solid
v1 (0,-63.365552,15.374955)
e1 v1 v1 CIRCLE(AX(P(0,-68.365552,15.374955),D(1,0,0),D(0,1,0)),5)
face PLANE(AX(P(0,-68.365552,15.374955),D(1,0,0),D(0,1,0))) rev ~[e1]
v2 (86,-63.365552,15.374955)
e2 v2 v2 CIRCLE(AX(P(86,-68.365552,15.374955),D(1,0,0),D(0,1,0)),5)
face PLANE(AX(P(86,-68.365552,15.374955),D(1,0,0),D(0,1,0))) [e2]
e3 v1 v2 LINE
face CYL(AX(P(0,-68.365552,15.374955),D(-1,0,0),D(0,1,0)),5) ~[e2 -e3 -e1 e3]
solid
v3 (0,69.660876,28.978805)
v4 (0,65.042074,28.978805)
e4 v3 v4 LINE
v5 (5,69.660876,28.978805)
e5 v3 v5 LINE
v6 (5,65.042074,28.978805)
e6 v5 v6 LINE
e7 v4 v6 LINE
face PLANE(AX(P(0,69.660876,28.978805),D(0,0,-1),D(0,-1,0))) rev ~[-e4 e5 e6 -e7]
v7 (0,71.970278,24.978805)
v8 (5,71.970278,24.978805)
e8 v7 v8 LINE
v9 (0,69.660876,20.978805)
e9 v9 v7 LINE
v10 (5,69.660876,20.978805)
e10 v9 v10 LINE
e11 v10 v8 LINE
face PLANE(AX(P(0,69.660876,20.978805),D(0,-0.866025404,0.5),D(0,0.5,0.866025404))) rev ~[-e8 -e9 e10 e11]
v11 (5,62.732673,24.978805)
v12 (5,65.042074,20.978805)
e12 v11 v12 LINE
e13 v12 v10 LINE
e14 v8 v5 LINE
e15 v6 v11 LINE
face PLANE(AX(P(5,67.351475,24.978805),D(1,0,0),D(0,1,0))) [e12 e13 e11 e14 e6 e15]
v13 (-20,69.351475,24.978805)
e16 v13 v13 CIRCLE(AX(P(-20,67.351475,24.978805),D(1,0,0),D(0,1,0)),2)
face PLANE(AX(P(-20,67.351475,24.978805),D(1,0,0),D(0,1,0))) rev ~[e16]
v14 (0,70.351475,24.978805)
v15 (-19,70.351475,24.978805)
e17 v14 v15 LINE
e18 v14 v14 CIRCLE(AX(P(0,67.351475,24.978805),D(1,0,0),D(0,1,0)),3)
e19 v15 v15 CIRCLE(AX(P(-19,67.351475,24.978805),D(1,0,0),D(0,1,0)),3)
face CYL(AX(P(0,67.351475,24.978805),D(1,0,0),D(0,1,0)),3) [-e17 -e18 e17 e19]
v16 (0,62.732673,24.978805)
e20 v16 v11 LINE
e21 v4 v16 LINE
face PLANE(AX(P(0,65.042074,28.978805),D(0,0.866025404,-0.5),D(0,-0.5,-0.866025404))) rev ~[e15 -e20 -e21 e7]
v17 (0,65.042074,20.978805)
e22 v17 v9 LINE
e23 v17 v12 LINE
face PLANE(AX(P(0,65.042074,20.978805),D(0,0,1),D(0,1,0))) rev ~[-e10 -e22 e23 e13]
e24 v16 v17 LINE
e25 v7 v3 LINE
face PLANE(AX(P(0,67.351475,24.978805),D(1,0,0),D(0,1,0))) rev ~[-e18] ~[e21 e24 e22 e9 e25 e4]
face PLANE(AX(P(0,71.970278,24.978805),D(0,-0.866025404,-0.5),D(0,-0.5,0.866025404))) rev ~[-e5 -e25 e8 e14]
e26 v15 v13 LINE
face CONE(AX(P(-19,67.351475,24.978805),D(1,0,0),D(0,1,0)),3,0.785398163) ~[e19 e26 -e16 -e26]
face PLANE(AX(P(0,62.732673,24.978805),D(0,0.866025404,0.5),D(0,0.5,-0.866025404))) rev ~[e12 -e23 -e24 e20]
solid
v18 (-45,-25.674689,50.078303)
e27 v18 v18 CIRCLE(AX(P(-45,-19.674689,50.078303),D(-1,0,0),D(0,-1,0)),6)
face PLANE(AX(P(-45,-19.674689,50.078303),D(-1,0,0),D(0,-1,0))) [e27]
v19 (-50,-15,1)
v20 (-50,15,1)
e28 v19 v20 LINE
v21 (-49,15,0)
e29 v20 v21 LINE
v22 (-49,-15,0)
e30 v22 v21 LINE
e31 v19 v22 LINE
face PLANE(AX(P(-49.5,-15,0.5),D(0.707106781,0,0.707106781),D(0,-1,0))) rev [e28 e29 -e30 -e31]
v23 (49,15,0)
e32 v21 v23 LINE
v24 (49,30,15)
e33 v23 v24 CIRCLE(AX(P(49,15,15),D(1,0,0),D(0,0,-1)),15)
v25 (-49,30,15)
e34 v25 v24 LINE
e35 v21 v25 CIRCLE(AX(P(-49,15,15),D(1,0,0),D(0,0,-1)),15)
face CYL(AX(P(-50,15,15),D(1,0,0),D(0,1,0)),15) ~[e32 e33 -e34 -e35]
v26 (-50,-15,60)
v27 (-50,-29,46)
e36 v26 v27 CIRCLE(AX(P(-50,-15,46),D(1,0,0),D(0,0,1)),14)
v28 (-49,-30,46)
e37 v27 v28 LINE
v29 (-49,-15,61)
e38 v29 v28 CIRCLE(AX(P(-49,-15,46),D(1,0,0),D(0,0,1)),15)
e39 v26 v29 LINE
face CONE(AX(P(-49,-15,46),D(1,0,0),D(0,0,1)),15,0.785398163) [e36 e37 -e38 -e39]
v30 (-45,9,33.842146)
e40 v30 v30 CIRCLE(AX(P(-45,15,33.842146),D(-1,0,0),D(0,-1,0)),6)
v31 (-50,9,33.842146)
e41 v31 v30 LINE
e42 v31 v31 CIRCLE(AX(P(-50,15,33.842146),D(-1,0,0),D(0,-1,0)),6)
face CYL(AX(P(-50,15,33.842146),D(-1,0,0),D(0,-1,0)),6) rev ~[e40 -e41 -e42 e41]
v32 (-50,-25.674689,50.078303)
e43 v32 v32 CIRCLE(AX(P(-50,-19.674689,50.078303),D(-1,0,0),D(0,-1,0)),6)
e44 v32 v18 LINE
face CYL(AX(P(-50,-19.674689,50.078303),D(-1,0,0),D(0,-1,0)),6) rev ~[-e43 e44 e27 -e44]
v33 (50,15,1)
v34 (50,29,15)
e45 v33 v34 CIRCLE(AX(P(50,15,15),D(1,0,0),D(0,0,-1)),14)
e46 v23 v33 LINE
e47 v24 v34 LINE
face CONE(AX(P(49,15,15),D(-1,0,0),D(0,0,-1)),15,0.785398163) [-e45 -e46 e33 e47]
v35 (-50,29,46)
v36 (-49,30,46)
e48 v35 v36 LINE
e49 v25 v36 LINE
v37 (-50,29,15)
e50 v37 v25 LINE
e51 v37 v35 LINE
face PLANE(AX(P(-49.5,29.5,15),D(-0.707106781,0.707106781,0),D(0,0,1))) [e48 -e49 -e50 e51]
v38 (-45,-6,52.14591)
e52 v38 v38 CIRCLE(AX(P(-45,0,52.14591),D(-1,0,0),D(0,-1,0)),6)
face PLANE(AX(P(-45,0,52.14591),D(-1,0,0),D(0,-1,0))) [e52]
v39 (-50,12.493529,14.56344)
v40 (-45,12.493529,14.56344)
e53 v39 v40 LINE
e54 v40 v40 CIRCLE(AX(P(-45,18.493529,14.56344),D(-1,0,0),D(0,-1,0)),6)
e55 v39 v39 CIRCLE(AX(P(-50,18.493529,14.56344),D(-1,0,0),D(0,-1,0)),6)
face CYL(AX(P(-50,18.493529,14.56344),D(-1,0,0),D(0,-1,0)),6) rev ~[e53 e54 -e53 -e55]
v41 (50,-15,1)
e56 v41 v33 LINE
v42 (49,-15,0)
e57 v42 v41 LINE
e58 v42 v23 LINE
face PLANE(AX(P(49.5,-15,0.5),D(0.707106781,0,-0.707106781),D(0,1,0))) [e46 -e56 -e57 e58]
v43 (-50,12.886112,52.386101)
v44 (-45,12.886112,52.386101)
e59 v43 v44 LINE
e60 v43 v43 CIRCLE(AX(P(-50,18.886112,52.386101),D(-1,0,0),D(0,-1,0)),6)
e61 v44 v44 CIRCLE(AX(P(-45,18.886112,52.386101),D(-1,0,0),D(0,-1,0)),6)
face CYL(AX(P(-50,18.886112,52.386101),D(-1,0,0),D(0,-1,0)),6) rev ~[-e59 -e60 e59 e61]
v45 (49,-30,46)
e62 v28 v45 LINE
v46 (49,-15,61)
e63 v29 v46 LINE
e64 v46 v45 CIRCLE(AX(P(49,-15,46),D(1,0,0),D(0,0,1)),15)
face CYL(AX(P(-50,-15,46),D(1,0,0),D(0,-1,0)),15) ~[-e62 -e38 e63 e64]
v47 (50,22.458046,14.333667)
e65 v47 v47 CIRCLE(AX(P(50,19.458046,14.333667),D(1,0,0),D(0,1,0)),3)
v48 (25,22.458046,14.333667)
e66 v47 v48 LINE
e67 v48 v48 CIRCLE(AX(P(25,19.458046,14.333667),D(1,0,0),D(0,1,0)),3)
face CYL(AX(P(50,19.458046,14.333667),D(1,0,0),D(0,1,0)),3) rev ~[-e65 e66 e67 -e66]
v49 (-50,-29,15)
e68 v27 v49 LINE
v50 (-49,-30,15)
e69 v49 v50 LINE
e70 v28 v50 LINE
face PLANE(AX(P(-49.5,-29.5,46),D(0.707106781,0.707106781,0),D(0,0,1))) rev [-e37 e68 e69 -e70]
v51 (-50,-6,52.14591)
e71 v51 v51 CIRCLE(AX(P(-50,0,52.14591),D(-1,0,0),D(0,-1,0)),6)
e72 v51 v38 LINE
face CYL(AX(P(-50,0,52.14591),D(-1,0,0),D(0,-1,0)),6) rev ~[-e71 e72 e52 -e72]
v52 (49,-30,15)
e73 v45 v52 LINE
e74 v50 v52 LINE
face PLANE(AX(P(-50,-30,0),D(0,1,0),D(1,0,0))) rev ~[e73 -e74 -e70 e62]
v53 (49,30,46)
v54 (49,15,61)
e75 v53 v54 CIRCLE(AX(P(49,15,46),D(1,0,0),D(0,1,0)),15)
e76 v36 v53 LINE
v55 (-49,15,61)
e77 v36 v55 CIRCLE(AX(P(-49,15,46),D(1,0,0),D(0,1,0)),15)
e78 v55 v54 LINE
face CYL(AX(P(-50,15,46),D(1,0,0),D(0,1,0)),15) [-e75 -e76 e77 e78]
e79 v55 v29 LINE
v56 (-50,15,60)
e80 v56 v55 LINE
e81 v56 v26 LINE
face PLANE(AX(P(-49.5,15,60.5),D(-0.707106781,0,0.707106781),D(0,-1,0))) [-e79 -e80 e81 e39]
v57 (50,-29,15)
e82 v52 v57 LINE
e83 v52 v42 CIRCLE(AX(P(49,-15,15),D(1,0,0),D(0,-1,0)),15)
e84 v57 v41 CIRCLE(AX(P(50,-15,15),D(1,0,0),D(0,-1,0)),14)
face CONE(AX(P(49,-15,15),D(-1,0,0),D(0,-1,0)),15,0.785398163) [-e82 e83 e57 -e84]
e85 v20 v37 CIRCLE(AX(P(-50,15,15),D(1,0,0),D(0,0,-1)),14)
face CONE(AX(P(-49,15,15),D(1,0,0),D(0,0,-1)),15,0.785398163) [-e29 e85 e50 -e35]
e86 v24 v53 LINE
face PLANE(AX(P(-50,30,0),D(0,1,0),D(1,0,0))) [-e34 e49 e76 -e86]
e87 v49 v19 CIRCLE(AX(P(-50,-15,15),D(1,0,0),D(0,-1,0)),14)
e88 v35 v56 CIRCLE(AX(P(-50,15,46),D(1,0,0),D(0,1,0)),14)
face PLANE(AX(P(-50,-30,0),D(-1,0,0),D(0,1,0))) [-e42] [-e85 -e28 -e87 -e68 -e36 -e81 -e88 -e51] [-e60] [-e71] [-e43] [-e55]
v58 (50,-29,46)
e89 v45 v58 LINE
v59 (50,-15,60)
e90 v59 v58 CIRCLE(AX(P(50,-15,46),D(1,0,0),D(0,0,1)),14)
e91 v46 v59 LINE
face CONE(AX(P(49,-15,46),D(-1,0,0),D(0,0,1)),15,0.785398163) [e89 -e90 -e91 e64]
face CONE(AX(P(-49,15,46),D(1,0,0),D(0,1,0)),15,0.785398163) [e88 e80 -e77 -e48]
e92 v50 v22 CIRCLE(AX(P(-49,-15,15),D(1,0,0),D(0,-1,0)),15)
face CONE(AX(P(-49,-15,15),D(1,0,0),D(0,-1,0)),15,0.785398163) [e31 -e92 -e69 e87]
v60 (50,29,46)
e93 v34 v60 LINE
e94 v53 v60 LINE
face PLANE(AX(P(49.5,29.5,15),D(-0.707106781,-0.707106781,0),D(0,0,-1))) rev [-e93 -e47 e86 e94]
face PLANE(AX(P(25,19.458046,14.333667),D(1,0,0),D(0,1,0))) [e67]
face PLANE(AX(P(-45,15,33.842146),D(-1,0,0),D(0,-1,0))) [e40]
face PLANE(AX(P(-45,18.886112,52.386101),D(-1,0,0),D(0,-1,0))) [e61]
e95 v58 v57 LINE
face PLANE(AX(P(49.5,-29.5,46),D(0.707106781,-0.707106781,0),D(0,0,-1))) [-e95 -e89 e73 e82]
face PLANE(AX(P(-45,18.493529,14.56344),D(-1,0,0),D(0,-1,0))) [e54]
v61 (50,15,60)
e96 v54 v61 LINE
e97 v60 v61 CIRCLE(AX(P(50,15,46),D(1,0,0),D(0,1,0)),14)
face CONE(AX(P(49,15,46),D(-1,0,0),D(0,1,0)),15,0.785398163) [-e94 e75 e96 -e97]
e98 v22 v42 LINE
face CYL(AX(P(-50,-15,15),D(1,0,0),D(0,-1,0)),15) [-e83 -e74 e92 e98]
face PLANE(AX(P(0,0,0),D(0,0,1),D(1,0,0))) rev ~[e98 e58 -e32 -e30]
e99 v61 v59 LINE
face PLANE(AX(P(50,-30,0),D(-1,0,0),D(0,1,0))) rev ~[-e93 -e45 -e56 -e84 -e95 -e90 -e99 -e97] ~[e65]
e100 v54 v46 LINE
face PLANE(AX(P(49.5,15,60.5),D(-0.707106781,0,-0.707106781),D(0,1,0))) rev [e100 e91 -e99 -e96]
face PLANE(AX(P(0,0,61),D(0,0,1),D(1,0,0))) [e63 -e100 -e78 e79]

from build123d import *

# Parameters (mm, degrees)
F0_W       = 100
F0_H       = 60
F1_DEPTH   = 61
F2_R       = 15
F3_R       = 5
F4_DEPTH   = 86
F5_R       = 6
F6_DEPTH   = 5
F7_R       = 3
F8_DEPTH   = 25
F9_R       = 3
F10_DEPTH  = 20
F12_DEPTH  = 5
F13_SIZE   = 1
F13_2_SIZE = 1


with BuildPart() as f1:
    # F0 (on Top) → F1 (new body)
    with BuildSketch(Plane.XY):
        Rectangle(F0_W, F0_H)
    extrude(amount=F1_DEPTH)

    # F2
    f2_edges = [f1.edges().sort_by_distance(p)[0] for p in [
        (0, -30, 61),
        (0, 30, 61),
        (0, -30, 0),
        (0, 30, 0),
    ]]
    fillet(f2_edges, radius=F2_R)

    # F5 (on face) → F6 (cut)
    with BuildSketch(Plane(origin=(-50, 0, 0), x_dir=(0, -1, 0), z_dir=(-1, 0, 0))):
        with Locations((-18.8861116767, 52.3861013353)):
            Circle(F5_R)
        with Locations((-15, 33.8421463966)):
            Circle(F5_R)
        with Locations((19.6746885777, 50.0783026218)):
            Circle(F5_R)
        with Locations((0, 52.145909518)):
            Circle(F5_R)
        with Locations((-18.4935294092, 14.5634403452)):
            Circle(F5_R)
    extrude(amount=-F6_DEPTH, mode=Mode.SUBTRACT)

    # F7 (on face) → F8 (cut)
    with BuildSketch(Plane.YZ.offset(50)):
        with Locations((19.458046183, 14.3336672336)):
            Circle(F7_R)
    extrude(amount=-F8_DEPTH, mode=Mode.SUBTRACT)

    # F13#2
    f13_2_edges = [f1.edges().sort_by_distance(p)[0] for p in [
        (50, 25.606602, 56.606602),
        (0, 30, 46),
        (0, 15, 61),
        (-50, 25.606602, 56.606602),
    ]]
    chamfer(f13_2_edges, length=F13_2_SIZE)


with BuildPart() as f4:
    # F3 (on Right) → F4 (new body)
    with BuildSketch(Plane.YZ):
        with Locations((-68.3655515313, 15.3749547899)):
            Circle(F3_R)
    extrude(amount=F4_DEPTH)


with BuildPart() as f10:
    # F9 (on Right) → F10 (new body)
    with BuildSketch(Plane.YZ):
        with Locations((67.351475358, 24.9788053334)):
            Circle(F9_R)
    extrude(amount=-F10_DEPTH)

    # F11 (on face) → F12 (join)
    with BuildSketch(Plane.YZ):
        Polygon((69.6608764348, 20.9788053334), (71.9702775115, 24.9788053334), (69.6608764348, 28.9788053334), (65.0420742813, 28.9788053334), (62.7326732045, 24.9788053334), (65.0420742813, 20.9788053334), align=None)
    extrude(amount=F12_DEPTH)

    # F13
    f13_edges = [f10.edges().sort_by_distance(p)[0] for p in [
        (-20, 64.351475, 24.978805),
    ]]
    chamfer(f13_edges, length=F13_SIZE)


solid = Compound([f1.part, f4.part, f10.part])
